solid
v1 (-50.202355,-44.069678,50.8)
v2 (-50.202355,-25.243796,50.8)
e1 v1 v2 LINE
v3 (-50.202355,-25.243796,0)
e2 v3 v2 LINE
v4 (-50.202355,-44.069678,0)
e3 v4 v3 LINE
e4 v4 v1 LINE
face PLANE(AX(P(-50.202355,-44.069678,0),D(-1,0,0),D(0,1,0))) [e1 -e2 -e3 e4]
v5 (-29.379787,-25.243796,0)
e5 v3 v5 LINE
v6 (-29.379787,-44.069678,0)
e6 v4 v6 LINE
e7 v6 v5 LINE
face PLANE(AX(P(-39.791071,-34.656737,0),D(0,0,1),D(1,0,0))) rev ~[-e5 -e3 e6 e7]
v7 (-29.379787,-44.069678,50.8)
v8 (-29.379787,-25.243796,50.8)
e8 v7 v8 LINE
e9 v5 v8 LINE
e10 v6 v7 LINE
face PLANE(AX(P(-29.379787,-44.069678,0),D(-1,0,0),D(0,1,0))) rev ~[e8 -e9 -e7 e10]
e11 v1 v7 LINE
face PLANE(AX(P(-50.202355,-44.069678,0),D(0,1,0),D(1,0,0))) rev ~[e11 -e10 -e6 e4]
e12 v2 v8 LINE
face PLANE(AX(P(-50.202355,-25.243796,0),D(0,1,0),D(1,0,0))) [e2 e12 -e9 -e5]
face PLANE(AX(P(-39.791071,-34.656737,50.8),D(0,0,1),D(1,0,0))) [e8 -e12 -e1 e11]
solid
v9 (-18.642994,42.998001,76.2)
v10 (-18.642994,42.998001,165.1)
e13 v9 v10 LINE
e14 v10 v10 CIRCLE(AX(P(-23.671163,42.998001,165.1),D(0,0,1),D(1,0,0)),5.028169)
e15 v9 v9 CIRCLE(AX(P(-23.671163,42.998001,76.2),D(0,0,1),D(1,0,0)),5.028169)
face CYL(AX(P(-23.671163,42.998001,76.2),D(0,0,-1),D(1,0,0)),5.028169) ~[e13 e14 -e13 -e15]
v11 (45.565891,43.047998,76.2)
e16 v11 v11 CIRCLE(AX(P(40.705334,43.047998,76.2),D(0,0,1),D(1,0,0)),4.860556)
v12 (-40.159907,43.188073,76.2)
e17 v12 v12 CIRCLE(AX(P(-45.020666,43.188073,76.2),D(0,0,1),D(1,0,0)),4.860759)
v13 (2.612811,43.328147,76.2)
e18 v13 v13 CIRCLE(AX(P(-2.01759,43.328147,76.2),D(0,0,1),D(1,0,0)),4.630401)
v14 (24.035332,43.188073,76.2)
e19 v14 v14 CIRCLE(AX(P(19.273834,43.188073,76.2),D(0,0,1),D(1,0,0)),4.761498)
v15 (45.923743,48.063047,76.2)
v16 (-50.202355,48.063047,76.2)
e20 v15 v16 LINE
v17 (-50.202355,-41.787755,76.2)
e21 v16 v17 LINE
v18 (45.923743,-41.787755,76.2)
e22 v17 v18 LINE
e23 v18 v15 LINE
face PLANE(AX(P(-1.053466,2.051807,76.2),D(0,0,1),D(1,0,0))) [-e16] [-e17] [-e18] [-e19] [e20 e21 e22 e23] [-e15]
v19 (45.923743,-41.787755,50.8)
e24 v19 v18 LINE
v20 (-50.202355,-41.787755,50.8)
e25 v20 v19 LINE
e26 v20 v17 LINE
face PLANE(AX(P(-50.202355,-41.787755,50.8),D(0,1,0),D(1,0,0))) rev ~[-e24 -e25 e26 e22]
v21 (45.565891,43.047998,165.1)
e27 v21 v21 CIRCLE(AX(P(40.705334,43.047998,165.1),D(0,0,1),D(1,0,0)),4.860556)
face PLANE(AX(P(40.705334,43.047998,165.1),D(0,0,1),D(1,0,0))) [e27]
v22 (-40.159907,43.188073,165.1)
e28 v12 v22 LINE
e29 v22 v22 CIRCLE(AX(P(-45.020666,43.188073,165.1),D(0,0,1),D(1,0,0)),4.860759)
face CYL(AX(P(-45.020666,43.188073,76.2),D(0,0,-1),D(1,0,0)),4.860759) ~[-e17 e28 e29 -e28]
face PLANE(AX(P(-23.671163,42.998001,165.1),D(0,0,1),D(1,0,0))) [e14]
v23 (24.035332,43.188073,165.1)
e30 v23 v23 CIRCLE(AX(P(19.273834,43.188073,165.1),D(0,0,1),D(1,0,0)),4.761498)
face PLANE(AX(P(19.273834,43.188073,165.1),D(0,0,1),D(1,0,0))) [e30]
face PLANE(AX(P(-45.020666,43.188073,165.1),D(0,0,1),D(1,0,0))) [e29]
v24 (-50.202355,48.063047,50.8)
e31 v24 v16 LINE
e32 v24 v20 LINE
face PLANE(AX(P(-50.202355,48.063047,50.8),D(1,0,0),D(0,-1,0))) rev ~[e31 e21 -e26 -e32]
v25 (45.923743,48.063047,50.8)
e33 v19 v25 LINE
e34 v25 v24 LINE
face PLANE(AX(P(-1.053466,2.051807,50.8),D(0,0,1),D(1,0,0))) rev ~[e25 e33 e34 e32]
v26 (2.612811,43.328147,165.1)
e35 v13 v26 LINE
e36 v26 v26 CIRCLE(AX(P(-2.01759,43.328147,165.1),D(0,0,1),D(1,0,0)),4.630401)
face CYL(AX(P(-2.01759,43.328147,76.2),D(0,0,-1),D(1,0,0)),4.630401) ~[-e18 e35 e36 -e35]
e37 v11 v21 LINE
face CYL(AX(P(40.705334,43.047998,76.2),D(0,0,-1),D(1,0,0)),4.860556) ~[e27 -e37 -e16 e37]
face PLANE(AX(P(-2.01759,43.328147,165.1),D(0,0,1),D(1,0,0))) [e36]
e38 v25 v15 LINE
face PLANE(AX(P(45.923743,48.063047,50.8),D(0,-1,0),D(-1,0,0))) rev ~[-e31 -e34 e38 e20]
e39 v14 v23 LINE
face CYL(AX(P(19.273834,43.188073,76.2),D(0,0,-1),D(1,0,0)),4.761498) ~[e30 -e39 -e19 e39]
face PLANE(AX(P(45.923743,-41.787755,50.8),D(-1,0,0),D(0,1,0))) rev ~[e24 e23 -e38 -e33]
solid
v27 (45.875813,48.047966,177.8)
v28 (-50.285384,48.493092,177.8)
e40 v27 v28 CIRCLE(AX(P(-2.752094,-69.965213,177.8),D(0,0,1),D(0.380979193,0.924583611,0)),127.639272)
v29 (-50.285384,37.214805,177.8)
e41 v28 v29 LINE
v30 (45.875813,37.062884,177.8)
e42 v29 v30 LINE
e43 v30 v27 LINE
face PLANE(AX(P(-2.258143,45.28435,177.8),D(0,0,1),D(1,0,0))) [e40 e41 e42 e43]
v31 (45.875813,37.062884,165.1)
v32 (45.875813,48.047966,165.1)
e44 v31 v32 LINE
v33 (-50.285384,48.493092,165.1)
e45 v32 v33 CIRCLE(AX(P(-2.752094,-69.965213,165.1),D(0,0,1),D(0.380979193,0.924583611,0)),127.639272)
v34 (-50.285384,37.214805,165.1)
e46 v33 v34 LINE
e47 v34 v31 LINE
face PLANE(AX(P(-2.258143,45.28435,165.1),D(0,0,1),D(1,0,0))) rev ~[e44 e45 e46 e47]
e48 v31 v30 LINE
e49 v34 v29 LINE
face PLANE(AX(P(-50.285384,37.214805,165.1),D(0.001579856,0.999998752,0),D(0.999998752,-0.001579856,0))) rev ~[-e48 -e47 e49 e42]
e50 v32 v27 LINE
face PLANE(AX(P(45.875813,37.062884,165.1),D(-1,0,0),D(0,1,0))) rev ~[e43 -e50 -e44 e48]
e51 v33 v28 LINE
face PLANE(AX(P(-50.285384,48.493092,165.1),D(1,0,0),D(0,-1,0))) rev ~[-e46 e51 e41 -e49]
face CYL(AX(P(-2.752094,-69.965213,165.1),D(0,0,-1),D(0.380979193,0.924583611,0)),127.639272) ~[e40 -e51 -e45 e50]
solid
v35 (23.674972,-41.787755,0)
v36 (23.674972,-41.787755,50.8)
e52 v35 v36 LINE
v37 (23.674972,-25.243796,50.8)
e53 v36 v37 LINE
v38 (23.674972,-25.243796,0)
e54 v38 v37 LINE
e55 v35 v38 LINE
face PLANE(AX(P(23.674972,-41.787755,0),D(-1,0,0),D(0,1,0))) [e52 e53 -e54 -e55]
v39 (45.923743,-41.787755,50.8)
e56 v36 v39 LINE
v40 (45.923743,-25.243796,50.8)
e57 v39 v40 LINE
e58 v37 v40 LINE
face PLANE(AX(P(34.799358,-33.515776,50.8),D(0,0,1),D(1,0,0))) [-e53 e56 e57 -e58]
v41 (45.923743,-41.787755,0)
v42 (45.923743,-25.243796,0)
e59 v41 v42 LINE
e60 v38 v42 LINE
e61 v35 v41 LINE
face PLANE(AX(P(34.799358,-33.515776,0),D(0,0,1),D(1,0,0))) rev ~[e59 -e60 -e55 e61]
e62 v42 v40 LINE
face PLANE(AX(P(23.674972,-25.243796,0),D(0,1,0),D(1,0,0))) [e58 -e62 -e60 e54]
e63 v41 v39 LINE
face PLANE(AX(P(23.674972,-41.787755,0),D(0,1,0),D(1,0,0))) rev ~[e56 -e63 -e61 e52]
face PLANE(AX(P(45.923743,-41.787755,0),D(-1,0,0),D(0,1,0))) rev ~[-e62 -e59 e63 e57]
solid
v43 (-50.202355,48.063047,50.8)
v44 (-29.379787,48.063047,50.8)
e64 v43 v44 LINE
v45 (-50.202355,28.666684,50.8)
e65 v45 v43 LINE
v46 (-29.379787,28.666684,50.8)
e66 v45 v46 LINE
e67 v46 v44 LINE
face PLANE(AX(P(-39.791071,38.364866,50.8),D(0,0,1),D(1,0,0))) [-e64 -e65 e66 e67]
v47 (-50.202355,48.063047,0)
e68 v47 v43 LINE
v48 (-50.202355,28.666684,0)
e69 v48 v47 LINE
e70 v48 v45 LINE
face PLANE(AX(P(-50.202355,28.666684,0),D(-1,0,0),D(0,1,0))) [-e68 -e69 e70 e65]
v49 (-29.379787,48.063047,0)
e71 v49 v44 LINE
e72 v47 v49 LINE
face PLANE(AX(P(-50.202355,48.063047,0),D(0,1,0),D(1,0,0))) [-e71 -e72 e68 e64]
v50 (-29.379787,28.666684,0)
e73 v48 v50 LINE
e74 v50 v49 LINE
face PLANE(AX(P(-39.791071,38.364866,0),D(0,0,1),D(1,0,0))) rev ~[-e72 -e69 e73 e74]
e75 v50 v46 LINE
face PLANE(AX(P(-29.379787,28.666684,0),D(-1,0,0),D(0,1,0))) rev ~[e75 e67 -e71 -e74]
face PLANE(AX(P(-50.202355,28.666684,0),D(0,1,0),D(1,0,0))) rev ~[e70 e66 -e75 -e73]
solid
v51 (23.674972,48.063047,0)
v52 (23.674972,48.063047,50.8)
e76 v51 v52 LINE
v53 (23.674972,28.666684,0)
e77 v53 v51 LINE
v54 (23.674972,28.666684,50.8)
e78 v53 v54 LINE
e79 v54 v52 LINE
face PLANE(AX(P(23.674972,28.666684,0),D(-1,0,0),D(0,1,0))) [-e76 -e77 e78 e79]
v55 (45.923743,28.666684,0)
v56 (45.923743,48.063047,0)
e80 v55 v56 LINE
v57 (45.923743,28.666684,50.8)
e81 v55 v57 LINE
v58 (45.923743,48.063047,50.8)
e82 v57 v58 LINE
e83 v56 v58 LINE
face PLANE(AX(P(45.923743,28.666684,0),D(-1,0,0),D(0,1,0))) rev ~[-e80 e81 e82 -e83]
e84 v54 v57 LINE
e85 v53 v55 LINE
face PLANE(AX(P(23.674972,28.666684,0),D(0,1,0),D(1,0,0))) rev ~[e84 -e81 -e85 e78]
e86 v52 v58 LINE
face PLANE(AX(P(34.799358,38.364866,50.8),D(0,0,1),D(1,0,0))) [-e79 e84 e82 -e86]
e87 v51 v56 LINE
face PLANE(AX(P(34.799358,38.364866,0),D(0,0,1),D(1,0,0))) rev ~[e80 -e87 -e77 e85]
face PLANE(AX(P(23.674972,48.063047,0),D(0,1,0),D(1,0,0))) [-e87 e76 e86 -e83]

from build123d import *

# Parameters (mm, degrees)
F0_W     = 20.8225678653
F0_H     = 19.3963628262
F1_DEPTH = 50.8
F0_W_2   = 22.2487710416
F0_H_2   = 16.5439583361
F0_H_3   = 18.8258811831
F2_W     = 20.8225678653
F2_H     = 19.3963628262
F3_DEPTH = 25.4
F4_R     = 4.860759116
F4_R_2   = 4.761497945
F4_R_3   = 4.8605562173
F4_R_4   = 4.6304008171
F4_R_5   = 5.0281691991
F5_DEPTH = 88.9
F6_R     = 4.860759116
F7_DEPTH = 12.7


with BuildPart() as f1:
    # F0 (on Top) → F1 (new body)
    with BuildSketch(Plane.XY):
        with Locations((-39.7910708562, 38.3648658171)):
            Rectangle(F0_W, F0_H)
    extrude(amount=F1_DEPTH)


with BuildPart() as f1b:
    # F0 (on Top) → F1, piece 2 (new body)
    with BuildSketch(Plane.XY):
        with Locations((34.7993578762, 38.3648658171)):
            Rectangle(F0_W_2, F0_H)
    extrude(amount=F1_DEPTH)


with BuildPart() as f1c:
    # F0 (on Top) → F1, piece 3 (new body)
    with BuildSketch(Plane.XY):
        with Locations((34.7993578762, -33.5157755762)):
            Rectangle(F0_W_2, F0_H_2)
    extrude(amount=F1_DEPTH)


with BuildPart() as f1d:
    # F0 (on Top) → F1, piece 4 (new body)
    with BuildSketch(Plane.XY):
        with Locations((-39.7910708562, -34.6567369998)):
            Rectangle(F0_W, F0_H_3)
    extrude(amount=F1_DEPTH)


with BuildPart() as f3:
    # F2 (on face) → F3 (new body)
    with BuildSketch(Plane.XY.offset(50.8)):
        Polygon((45.923743397, 48.0630472302), (-29.3797869235, 48.0630472302), (-29.3797869235, 28.666684404), (-50.2023547888, 28.666684404), (-50.2023547888, -41.7877547443), (45.923743397, -41.7877547443), align=None)
        with Locations((-39.7910708562, 38.3648658171)):
            Rectangle(F2_W, F2_H)
    extrude(amount=F3_DEPTH)

    # F4 (on face) → F5 (join)
    with BuildSketch(Plane.XY.offset(76.2)):
        with Locations((-45.0206659734, 43.188072741)):
            Circle(F4_R)
        with Locations((19.273834303, 43.188072741)):
            Circle(F4_R_2)
        with Locations((40.7053343952, 43.0479981005)):
            Circle(F4_R_3)
        with Locations((-2.0175902173, 43.3281473815)):
            Circle(F4_R_4)
        with Locations((-23.671163246, 42.9980009794)):
            Circle(F4_R_5)
    extrude(amount=F5_DEPTH)


with BuildPart() as f7:
    # F6 (on face) → F7 (new body)
    with BuildSketch(Plane.XY.offset(165.1)):
        with BuildLine():
            Line((45.8758132183, 37.0628839766), (45.8758132183, 48.0479659652))
            ThreePointArc((45.8758132183, 48.0479659652), (-2.161263243, 57.6726914558), (-50.2853841197, 48.4930920324))
            Line((-50.2853841197, 48.4930920324), (-50.2853841197, 37.2148050443))
            Line((-50.2853841197, 37.2148050443), (45.8758132183, 37.0628839766))
        make_face()
        with Locations((-45.0206659734, 43.188072741)):
            Circle(F6_R, mode=Mode.SUBTRACT)
        with Locations((-45.0206659734, 43.188072741)):
            Circle(F6_R)
    extrude(amount=F7_DEPTH)


solid = Compound([f1.part, f1b.part, f1c.part, f1d.part, f3.part, f7.part])
